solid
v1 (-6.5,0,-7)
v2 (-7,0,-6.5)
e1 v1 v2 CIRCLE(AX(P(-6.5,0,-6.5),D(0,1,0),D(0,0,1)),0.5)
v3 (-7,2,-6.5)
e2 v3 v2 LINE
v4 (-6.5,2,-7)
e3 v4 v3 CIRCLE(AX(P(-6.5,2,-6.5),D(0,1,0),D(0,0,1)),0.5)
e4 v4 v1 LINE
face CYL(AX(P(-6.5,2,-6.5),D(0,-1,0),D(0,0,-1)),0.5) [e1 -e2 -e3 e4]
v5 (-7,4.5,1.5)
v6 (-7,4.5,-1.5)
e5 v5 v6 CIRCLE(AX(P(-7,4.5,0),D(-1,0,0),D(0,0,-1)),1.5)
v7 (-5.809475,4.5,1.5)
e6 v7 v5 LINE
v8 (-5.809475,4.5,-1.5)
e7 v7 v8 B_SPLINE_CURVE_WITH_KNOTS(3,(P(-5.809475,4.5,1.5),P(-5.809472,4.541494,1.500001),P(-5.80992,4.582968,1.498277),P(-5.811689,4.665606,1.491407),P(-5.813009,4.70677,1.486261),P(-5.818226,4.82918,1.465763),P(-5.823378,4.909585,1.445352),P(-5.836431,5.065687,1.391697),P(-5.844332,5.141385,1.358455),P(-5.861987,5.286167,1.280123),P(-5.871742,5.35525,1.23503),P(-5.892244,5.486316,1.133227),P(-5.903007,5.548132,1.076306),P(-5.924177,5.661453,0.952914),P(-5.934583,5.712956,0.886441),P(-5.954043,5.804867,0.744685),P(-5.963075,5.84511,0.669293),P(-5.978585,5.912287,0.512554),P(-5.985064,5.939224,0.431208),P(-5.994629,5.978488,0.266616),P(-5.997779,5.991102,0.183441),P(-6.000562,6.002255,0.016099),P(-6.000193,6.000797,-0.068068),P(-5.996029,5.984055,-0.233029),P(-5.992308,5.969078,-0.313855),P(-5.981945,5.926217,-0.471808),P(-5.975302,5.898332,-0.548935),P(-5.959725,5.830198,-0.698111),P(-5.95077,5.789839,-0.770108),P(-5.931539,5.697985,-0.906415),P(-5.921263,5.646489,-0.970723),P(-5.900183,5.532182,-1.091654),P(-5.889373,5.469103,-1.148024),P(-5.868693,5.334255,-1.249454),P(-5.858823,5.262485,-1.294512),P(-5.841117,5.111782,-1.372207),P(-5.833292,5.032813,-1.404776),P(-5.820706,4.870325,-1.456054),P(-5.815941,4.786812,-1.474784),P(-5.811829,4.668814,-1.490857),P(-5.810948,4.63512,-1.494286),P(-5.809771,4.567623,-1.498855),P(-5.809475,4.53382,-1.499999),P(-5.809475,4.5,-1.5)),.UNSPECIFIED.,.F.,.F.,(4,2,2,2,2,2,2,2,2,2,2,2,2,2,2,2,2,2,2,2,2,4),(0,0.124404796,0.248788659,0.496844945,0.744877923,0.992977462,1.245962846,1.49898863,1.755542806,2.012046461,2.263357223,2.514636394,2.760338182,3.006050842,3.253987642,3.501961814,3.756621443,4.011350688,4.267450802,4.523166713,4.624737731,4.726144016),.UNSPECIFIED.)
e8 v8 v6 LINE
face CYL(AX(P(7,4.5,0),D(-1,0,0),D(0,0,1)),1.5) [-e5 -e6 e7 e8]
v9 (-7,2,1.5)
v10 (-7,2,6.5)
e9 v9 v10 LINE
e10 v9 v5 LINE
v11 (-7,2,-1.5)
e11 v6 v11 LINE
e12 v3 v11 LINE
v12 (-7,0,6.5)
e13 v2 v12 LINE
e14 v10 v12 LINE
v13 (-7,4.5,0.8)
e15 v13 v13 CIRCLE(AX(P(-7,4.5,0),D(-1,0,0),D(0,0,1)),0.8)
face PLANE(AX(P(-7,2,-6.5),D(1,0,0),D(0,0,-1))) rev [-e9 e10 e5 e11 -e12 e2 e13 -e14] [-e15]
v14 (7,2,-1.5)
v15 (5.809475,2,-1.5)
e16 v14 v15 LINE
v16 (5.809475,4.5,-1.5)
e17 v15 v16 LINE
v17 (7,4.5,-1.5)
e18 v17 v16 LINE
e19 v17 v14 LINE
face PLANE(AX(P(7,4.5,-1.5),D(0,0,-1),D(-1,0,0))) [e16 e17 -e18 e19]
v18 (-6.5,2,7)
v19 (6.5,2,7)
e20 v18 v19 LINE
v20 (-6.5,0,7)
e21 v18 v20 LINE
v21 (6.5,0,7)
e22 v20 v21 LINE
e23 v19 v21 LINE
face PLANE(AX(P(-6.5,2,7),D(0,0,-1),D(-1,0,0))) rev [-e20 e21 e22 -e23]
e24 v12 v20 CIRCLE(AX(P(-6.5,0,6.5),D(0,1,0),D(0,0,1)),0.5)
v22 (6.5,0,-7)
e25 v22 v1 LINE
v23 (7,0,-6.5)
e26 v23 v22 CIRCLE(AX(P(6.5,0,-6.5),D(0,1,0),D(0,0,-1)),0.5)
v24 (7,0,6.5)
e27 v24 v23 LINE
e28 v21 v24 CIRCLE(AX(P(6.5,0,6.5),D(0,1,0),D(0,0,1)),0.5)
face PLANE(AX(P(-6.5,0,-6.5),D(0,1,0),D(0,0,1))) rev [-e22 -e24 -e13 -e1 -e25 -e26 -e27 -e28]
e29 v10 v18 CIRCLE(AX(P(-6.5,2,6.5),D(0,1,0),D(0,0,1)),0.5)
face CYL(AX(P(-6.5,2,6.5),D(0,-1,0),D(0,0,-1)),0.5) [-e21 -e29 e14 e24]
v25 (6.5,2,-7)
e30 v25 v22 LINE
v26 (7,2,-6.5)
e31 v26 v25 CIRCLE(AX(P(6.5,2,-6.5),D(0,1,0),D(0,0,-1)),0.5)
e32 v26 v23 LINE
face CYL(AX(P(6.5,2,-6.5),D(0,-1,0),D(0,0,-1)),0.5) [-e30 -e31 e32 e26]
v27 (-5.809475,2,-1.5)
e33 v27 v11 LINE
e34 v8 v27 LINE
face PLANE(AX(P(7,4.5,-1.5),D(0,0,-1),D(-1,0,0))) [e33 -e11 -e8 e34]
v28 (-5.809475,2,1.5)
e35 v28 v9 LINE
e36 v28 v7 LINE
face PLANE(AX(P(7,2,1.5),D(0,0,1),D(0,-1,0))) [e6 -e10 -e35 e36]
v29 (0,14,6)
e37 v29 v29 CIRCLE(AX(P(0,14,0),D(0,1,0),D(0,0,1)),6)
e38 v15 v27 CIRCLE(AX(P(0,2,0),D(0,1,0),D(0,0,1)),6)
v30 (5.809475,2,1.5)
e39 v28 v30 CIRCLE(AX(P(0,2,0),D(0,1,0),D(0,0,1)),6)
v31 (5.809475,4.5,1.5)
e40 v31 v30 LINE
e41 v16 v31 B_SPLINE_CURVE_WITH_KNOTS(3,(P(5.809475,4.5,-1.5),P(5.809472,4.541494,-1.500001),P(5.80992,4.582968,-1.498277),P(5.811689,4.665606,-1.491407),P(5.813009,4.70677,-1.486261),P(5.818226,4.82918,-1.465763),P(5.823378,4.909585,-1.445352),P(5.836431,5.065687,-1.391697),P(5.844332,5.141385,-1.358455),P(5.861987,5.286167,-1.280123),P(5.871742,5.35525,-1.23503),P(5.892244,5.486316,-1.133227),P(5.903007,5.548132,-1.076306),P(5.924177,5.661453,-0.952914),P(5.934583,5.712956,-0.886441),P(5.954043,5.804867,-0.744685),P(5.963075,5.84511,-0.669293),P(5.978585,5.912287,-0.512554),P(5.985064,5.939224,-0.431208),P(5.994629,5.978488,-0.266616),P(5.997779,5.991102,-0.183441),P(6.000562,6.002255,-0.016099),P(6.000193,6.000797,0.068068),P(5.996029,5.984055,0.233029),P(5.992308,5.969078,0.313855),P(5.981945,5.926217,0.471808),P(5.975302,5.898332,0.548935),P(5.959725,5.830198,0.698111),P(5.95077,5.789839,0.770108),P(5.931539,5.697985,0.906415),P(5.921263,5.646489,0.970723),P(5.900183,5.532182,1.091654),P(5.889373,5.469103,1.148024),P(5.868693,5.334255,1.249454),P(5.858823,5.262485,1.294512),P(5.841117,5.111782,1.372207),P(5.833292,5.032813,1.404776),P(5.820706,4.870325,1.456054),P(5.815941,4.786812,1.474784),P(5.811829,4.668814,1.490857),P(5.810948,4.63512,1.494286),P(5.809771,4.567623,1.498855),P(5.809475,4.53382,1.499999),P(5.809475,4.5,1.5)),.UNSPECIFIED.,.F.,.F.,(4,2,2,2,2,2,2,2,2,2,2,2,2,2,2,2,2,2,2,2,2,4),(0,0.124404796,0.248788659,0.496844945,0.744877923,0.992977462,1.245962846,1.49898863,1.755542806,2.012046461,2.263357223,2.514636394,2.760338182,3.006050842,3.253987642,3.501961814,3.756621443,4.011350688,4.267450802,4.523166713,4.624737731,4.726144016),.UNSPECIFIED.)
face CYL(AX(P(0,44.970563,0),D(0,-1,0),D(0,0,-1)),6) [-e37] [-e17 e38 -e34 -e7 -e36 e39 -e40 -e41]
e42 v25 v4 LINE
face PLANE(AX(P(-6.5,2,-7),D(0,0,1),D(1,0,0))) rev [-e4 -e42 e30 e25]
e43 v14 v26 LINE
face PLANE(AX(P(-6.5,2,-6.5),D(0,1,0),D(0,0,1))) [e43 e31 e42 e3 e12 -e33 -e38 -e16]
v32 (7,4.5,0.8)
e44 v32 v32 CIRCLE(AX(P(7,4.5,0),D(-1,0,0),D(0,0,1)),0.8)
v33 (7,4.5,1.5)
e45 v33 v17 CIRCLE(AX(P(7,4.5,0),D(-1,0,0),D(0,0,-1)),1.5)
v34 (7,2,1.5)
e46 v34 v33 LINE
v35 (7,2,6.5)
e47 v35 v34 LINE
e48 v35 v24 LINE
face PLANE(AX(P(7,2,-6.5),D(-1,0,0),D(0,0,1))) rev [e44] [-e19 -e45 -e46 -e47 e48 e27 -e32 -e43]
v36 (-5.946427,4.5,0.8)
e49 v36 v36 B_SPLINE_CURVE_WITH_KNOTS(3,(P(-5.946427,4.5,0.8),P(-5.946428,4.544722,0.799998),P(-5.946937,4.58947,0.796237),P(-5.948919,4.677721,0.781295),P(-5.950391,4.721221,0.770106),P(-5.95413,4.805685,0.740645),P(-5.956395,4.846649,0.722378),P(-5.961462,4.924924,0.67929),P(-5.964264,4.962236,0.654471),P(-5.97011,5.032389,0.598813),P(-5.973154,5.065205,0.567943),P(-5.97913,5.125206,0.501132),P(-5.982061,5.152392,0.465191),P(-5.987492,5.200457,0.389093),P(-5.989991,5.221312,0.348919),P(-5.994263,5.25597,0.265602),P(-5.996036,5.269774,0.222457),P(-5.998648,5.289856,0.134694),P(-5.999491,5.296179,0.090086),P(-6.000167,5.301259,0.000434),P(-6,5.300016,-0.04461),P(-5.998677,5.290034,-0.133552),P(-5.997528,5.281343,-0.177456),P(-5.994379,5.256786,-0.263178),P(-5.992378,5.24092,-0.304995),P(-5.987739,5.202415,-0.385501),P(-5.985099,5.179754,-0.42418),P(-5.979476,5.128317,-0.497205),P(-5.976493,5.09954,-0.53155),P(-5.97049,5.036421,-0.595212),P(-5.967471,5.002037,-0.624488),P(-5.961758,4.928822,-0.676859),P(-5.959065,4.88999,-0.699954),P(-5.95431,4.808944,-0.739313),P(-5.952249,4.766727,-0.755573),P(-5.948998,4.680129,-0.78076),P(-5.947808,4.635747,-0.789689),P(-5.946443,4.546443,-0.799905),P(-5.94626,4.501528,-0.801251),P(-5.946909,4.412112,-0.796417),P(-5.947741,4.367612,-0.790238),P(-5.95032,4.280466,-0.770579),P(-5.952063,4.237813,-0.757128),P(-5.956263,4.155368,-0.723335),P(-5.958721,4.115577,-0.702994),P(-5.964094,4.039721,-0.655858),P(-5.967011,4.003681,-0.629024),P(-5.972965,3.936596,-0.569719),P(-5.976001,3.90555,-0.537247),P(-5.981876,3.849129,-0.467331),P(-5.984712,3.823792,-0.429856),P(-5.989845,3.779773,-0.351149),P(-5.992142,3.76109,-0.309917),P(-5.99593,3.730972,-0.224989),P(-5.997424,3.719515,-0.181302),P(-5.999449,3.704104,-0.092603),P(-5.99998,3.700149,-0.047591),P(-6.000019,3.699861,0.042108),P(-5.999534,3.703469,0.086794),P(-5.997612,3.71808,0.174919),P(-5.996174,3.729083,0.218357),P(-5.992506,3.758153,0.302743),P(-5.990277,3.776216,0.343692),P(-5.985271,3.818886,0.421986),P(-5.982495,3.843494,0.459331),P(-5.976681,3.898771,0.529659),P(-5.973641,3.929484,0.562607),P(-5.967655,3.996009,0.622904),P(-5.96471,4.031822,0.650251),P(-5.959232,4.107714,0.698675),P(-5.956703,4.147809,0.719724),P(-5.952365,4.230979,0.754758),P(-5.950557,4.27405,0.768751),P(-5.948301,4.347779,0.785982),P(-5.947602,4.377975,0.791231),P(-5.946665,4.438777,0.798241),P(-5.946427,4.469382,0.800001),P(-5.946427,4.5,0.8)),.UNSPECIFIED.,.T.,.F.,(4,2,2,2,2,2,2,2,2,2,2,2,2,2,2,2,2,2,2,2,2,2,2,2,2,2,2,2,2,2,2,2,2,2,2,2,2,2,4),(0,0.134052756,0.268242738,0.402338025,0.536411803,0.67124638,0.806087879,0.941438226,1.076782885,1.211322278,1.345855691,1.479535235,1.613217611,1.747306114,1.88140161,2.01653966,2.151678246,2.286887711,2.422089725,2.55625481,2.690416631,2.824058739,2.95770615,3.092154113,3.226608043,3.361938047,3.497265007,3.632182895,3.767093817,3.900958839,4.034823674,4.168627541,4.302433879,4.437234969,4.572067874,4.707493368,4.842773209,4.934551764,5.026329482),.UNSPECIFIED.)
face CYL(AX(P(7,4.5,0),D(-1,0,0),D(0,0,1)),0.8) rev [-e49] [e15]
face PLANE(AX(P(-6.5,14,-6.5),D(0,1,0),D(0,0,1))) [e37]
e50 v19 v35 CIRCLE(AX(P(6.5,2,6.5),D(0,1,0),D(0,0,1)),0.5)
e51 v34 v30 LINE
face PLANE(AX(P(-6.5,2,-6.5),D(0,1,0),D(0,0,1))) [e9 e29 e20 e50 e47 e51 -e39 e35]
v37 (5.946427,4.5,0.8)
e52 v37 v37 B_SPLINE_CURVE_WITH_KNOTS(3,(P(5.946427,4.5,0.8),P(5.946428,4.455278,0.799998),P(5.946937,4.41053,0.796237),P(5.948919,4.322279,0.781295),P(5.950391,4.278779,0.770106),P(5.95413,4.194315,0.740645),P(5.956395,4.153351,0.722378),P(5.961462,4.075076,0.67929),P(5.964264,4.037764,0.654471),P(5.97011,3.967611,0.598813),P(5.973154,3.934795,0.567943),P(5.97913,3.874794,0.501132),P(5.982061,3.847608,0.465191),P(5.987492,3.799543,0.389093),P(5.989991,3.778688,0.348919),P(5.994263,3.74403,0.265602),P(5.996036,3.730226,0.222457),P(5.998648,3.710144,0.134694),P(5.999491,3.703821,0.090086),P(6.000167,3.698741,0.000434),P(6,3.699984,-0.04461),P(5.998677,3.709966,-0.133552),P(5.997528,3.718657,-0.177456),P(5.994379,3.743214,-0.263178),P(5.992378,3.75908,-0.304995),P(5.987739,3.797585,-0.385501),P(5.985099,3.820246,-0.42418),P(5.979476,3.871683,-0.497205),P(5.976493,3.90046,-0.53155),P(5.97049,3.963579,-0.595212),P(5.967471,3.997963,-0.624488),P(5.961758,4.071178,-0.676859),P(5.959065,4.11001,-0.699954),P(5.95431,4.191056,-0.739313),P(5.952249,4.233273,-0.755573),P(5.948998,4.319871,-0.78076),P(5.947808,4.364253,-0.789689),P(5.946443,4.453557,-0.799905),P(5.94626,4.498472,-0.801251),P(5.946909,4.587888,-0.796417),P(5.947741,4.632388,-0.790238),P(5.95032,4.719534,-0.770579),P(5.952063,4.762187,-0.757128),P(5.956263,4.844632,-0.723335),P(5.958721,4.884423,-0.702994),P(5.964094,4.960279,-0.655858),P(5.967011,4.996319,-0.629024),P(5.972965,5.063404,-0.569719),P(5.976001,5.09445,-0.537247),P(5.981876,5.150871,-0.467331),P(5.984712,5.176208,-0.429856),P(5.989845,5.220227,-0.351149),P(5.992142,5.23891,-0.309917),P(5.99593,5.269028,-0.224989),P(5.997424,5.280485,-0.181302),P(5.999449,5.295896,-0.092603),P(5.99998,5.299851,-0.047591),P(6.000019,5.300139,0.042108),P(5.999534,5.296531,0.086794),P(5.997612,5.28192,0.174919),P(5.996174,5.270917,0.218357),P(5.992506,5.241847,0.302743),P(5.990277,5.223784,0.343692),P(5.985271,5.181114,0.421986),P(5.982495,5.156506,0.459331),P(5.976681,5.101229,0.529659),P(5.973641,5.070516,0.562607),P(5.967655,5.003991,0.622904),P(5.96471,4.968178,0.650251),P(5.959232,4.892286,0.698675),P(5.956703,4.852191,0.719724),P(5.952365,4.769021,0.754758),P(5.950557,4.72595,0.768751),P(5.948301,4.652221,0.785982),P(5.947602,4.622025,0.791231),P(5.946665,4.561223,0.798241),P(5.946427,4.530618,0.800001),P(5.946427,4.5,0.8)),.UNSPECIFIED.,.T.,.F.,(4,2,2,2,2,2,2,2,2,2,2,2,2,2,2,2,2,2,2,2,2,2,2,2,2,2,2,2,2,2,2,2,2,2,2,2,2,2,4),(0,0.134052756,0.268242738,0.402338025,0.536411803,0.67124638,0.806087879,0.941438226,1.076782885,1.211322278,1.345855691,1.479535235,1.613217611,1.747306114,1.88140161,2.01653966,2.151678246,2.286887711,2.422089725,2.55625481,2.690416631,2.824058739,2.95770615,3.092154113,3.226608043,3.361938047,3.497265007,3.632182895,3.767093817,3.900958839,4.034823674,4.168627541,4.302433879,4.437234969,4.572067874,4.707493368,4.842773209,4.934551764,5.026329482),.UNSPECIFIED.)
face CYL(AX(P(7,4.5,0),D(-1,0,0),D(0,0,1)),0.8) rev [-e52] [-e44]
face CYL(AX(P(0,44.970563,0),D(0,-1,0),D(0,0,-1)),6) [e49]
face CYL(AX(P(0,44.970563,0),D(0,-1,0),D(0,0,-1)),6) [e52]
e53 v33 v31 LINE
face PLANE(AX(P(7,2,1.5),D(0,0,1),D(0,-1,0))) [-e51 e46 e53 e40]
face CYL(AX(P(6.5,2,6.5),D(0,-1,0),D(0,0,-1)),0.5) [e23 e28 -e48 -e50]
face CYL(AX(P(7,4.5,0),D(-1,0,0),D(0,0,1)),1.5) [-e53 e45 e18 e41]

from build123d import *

# Parameters (mm, degrees)
BOSS_EXTRUDE1_DEPTH = 2
BOSS_EXTRUDE2_DEPTH = 14
SKETCH3_R           = 0.8
CUT_EXTRUDE1_DEPTH  = 17.763054614
SKETCH4_R           = 6
BOSS_EXTRUDE3_DEPTH = 12


with BuildPart() as part:
    # Sketch1 → Boss-Extrude1 (new body)
    with BuildSketch(Plane(origin=(0, 0, 0), x_dir=(1, 0, 0), z_dir=(0, 1, 0))):
        with BuildLine():
            Line((-6.5, 7), (6.5, 7))
            ThreePointArc((6.5, 7), (6.853553391, 6.853553391), (7, 6.5))
            Line((7, 6.5), (7, -6.5))
            ThreePointArc((7, -6.5), (6.853553391, -6.853553391), (6.5, -7))
            Line((6.5, -7), (-6.5, -7))
            ThreePointArc((-6.5, -7), (-6.853553391, -6.853553391), (-7, -6.5))
            Line((-7, -6.5), (-7, 6.5))
            ThreePointArc((-7, 6.5), (-6.853553391, 6.853553391), (-6.5, 7))
        make_face()
    extrude(amount=BOSS_EXTRUDE1_DEPTH)

    # Sketch2 → Boss-Extrude2 (add, through all)
    with BuildSketch(Plane.ZY.offset(7)):
        with BuildLine():
            Line((-1.5, 4.5), (-1.5, 2))
            Line((-1.5, 2), (1.5, 2))
            Line((1.5, 2), (1.5, 4.5))
            ThreePointArc((1.5, 4.5), (0, 6), (-1.5, 4.5))
        make_face()
    extrude(amount=-BOSS_EXTRUDE2_DEPTH)

    # Sketch3 → Cut-Extrude1 (cut, through all)
    with BuildSketch(Plane.ZY.offset(7)):
        with Locations((0, 4.5)):
            Circle(SKETCH3_R)
    extrude(amount=-CUT_EXTRUDE1_DEPTH, mode=Mode.SUBTRACT)

    # Sketch4 → Boss-Extrude3 (add)
    with BuildSketch(Plane(origin=(0, 2, 0), x_dir=(1, 0, 0), z_dir=(0, 1, 0))):
        with Locations(Location((0, 0, 0), (0, 0, 165.522487814))):
            Circle(SKETCH4_R)
    extrude(amount=BOSS_EXTRUDE3_DEPTH)


solid = part.part
